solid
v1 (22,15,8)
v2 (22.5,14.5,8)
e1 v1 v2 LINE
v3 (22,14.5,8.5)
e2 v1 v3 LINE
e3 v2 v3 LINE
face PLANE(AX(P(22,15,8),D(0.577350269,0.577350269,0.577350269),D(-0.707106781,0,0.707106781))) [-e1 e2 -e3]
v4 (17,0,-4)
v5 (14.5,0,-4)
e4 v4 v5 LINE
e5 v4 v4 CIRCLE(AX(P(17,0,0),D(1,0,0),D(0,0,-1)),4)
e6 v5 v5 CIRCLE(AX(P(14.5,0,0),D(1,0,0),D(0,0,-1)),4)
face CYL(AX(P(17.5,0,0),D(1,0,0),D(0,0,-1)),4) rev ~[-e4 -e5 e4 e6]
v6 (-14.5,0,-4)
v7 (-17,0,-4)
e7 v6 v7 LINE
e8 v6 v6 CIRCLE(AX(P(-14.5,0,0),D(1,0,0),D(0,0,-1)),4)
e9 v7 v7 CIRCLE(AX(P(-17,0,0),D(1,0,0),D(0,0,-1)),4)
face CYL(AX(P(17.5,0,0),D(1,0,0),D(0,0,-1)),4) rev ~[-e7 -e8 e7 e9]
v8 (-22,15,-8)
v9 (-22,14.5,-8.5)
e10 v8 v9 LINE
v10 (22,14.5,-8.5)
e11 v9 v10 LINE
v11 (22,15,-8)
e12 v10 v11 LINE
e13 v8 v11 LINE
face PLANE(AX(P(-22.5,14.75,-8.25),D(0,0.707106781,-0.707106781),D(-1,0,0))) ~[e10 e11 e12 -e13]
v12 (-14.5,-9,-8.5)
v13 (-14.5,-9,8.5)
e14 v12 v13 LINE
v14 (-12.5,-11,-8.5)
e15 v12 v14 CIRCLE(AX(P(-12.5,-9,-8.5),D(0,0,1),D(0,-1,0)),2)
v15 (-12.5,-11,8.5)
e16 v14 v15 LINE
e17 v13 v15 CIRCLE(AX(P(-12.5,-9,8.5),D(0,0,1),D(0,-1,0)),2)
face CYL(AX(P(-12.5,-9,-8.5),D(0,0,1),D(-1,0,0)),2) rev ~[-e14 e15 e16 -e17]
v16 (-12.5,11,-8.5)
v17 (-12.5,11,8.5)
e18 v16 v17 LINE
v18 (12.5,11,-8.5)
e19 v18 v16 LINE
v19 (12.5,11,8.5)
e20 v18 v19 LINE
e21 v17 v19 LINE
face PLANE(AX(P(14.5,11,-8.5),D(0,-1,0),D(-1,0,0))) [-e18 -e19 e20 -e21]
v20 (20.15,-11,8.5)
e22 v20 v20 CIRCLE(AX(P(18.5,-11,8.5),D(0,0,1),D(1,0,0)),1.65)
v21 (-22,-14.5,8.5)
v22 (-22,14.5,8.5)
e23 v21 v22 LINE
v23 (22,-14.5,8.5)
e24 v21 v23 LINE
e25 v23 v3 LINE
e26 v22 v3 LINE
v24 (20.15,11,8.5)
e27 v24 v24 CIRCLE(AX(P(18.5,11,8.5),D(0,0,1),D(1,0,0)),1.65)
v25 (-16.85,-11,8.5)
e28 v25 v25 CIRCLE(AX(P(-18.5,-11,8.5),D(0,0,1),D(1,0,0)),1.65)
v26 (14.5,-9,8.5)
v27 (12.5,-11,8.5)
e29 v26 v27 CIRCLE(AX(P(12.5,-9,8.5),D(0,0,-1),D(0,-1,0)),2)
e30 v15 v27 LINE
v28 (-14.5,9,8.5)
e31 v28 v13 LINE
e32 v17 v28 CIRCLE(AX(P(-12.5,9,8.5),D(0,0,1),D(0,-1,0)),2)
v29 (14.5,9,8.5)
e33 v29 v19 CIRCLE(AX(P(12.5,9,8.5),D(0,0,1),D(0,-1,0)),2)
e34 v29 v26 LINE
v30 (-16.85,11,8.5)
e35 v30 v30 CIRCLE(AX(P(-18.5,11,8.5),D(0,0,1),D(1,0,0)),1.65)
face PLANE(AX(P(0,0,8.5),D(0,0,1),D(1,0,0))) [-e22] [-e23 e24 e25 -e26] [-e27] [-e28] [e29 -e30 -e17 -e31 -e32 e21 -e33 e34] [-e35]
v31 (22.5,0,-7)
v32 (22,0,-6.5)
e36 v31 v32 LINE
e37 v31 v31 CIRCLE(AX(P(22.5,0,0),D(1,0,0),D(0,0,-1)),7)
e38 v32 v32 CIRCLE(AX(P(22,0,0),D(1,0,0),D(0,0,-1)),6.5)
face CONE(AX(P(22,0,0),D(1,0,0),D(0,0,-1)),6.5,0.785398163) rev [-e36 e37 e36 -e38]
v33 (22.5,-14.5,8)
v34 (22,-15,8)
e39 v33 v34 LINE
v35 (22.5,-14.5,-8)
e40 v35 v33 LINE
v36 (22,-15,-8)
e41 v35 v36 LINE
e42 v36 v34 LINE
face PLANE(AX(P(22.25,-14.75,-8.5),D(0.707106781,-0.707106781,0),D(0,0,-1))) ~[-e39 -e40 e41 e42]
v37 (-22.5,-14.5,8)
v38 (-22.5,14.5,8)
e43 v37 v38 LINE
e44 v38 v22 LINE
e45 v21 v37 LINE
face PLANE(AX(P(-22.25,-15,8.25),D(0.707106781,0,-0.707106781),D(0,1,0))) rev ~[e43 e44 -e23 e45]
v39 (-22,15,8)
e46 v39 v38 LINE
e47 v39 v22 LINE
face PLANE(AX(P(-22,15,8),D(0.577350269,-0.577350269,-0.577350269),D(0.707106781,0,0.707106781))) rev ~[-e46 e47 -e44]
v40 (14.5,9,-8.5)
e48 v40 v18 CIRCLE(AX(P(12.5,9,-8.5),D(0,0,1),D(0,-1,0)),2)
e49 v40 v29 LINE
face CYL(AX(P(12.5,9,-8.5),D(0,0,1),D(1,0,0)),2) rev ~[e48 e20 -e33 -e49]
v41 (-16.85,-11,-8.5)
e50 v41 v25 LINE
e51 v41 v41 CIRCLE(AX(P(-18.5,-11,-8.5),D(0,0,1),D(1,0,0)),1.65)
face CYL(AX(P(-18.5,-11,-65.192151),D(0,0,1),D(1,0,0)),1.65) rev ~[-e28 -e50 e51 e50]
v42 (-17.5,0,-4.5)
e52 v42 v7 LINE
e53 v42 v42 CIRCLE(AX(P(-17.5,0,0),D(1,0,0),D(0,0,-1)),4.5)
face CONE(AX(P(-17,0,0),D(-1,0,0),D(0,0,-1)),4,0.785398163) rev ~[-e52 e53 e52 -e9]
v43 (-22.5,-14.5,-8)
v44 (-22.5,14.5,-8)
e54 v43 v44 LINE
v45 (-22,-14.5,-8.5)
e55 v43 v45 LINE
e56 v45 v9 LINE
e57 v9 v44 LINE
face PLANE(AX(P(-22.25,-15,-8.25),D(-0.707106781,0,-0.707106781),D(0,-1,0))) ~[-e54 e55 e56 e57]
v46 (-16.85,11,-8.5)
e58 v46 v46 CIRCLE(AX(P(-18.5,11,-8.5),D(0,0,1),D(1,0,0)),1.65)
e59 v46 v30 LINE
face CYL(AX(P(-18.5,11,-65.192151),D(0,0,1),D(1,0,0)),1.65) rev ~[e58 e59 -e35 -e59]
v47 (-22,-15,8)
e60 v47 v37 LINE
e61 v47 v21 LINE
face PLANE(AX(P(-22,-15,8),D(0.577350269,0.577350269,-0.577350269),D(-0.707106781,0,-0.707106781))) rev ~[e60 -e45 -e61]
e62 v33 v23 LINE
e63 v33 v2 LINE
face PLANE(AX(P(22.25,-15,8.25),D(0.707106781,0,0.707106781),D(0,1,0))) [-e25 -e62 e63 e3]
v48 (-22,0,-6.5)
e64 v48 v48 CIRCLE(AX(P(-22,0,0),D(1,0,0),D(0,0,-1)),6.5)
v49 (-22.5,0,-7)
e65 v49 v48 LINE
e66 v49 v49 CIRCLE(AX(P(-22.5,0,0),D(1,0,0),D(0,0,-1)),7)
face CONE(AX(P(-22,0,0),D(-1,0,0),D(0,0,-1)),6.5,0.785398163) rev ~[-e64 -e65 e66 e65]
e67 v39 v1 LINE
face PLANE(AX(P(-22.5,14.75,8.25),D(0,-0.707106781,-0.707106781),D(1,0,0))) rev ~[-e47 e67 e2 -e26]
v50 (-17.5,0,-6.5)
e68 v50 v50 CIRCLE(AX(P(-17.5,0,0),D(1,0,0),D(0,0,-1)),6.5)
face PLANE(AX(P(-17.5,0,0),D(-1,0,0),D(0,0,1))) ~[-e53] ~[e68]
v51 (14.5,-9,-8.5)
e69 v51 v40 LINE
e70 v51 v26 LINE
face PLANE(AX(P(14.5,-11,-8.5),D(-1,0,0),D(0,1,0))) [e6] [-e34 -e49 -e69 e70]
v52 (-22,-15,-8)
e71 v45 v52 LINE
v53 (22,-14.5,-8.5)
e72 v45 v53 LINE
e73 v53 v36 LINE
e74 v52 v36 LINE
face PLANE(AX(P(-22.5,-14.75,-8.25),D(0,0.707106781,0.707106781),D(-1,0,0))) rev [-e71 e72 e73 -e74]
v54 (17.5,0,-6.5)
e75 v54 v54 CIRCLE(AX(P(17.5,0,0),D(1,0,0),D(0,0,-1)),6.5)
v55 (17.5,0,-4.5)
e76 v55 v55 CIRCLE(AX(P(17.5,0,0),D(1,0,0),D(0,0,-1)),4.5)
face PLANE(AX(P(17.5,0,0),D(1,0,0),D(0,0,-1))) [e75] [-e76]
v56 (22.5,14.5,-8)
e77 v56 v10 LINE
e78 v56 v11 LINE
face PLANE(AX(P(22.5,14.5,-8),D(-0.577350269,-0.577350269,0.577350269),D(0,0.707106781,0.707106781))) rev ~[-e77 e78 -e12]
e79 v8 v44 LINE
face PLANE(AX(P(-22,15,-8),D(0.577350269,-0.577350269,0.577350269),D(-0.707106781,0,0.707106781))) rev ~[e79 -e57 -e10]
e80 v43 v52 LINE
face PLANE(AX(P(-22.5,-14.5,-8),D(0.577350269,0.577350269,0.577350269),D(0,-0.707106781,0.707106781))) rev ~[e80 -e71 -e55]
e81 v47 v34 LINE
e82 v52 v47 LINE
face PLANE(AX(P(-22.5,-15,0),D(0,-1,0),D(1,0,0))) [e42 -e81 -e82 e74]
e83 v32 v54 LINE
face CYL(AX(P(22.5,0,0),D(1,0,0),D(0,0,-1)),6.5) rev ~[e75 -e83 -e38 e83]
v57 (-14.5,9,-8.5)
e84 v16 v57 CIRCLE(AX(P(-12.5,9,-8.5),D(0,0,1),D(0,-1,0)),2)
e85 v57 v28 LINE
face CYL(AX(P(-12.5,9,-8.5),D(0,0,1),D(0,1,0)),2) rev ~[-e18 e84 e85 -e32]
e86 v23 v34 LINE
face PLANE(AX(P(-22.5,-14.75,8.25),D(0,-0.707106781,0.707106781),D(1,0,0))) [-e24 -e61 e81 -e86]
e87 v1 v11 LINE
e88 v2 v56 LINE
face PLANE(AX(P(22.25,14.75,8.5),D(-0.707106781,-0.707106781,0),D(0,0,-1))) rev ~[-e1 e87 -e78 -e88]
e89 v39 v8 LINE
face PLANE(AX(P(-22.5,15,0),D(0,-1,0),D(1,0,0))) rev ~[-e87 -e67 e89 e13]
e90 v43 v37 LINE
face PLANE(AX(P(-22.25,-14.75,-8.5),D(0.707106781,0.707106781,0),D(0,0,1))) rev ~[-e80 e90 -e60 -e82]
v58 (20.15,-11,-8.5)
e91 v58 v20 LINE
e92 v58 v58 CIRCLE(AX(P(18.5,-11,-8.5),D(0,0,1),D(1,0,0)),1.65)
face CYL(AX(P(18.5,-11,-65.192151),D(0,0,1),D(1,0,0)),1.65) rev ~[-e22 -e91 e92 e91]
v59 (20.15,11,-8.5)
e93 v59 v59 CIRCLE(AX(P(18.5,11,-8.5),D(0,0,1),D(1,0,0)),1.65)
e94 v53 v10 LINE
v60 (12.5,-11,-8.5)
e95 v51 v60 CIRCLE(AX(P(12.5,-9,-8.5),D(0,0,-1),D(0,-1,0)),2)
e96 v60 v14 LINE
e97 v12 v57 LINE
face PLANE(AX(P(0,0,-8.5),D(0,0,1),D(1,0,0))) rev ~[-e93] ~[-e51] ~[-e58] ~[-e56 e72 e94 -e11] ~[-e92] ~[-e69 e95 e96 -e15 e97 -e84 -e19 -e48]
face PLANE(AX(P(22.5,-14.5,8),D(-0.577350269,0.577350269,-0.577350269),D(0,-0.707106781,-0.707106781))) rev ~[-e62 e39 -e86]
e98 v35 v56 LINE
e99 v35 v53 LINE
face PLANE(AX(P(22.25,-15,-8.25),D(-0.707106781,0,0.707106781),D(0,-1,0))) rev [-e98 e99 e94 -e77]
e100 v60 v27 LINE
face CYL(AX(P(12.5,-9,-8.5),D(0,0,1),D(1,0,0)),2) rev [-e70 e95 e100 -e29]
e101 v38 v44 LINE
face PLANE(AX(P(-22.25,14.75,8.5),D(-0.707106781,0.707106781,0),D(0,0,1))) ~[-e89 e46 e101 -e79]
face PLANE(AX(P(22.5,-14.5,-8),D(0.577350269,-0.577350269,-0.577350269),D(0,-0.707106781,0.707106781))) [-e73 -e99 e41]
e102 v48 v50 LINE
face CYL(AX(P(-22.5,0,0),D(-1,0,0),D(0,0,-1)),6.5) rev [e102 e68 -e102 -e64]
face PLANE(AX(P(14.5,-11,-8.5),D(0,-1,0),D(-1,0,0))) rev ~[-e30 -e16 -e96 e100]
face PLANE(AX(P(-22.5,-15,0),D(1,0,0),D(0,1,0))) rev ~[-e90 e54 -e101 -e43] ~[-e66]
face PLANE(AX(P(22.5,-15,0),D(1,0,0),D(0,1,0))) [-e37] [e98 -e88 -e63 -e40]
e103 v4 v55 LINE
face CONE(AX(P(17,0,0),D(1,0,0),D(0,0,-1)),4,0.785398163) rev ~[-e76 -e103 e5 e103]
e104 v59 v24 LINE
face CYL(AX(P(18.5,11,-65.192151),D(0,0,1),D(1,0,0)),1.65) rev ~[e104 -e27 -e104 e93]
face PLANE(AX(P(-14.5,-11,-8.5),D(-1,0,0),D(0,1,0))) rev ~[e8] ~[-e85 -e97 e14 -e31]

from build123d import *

# Parameters (mm, degrees)
SKETCH_1_W          = 45
SKETCH_1_H          = 30
EXTRUDE_1_DEPTH     = 8.5
SKETCH_2_R          = 6.5
CUT_EXTRUDE_1_DEPTH = 5
SKETCH_3_R          = 4
CUT_EXTRUDE_2_DEPTH = 53
CHAMFER_1_SIZE      = 0.5
HOLE_WIZARD_M4_1_D  = 3.3
SKETCH_7_W          = 29
SKETCH_7_H          = 22
CUT_EXTRUDE_3_DEPTH = 53
FILLET_1_R          = 2
CHAMFER_2_SIZE      = 0.5


with BuildPart() as part:
    # 草图1 → 凸台-拉伸1 (new, symmetric)
    with BuildSketch(Plane.XY):
        Rectangle(SKETCH_1_W, SKETCH_1_H)
    extrude(amount=EXTRUDE_1_DEPTH, both=True)

    # 草图2 → 切除-拉伸1 (cut)
    with BuildSketch(Plane(origin=(22.5, 0, 0), x_dir=(0, 0, -1), z_dir=(1, 0, 0))):
        Circle(SKETCH_2_R)
    cut_extrude_1 = extrude(amount=-CUT_EXTRUDE_1_DEPTH, mode=Mode.SUBTRACT)

    # 镜向1: 切除-拉伸1 across plane
    add(cut_extrude_1.mirror(Plane(origin=(0, 0, 0), x_dir=(0, 0, 1), z_dir=(1, 0, 0))), mode=Mode.SUBTRACT)

    # 草图3 → 切除-拉伸2 (cut)
    with BuildSketch(Plane(origin=(17.5, 0, 0), x_dir=(0, 0, -1), z_dir=(1, 0, 0))):
        Circle(SKETCH_3_R)
    extrude(amount=-CUT_EXTRUDE_2_DEPTH, mode=Mode.SUBTRACT)

    # 倒角1
    chamfer_1_edges = [part.edges().sort_by_distance(p)[0] for p in [
        (22.5, 0, 6.5),
        (-22.5, 0, 6.5),
        (-17.5, 0, 4),
        (17.5, 0, 4),
    ]]
    chamfer(chamfer_1_edges, length=CHAMFER_1_SIZE)

    # M4 螺纹孔1 (through all)
    with Locations(Plane(origin=(0, 0, -8.5), x_dir=(-1, 0, 0), z_dir=(0, 0, -1))):
        with Locations((-18.5, 11), (18.5, 11), (-18.5, -11), (18.5, -11)):
            Hole(HOLE_WIZARD_M4_1_D / 2)

    # 草图7 → 切除-拉伸3 (cut)
    with BuildSketch(Plane(origin=(0, 0, -8.5), x_dir=(-1, 0, 0), z_dir=(0, 0, -1))):
        Rectangle(SKETCH_7_W, SKETCH_7_H)
    extrude(amount=-CUT_EXTRUDE_3_DEPTH, mode=Mode.SUBTRACT)

    # 圆角1
    fillet_1_edges = [part.edges().sort_by_distance(p)[0] for p in [
        (-14.5, -11, 0),
        (14.5, 11, 0),
        (-14.5, 11, 0),
        (14.5, -11, 0),
    ]]
    fillet(fillet_1_edges, radius=FILLET_1_R)

    # 倒角2
    chamfer_2_edges = [part.edges().sort_by_distance(p)[0] for p in [
        (-22.5, 0, 8.5),
        (0, -15, 8.5),
        (22.5, 0, 8.5),
        (0, -15, -8.5),
        (-22.5, 0, -8.5),
        (0, 15, -8.5),
        (22.5, 0, -8.5),
        (22.5, -15, 0),
        (-22.5, -15, 0),
        (-22.5, 15, 0),
        (22.5, 15, 0),
        (0, 15, 8.5),
    ]]
    chamfer(chamfer_2_edges, length=CHAMFER_2_SIZE)


solid = part.part
